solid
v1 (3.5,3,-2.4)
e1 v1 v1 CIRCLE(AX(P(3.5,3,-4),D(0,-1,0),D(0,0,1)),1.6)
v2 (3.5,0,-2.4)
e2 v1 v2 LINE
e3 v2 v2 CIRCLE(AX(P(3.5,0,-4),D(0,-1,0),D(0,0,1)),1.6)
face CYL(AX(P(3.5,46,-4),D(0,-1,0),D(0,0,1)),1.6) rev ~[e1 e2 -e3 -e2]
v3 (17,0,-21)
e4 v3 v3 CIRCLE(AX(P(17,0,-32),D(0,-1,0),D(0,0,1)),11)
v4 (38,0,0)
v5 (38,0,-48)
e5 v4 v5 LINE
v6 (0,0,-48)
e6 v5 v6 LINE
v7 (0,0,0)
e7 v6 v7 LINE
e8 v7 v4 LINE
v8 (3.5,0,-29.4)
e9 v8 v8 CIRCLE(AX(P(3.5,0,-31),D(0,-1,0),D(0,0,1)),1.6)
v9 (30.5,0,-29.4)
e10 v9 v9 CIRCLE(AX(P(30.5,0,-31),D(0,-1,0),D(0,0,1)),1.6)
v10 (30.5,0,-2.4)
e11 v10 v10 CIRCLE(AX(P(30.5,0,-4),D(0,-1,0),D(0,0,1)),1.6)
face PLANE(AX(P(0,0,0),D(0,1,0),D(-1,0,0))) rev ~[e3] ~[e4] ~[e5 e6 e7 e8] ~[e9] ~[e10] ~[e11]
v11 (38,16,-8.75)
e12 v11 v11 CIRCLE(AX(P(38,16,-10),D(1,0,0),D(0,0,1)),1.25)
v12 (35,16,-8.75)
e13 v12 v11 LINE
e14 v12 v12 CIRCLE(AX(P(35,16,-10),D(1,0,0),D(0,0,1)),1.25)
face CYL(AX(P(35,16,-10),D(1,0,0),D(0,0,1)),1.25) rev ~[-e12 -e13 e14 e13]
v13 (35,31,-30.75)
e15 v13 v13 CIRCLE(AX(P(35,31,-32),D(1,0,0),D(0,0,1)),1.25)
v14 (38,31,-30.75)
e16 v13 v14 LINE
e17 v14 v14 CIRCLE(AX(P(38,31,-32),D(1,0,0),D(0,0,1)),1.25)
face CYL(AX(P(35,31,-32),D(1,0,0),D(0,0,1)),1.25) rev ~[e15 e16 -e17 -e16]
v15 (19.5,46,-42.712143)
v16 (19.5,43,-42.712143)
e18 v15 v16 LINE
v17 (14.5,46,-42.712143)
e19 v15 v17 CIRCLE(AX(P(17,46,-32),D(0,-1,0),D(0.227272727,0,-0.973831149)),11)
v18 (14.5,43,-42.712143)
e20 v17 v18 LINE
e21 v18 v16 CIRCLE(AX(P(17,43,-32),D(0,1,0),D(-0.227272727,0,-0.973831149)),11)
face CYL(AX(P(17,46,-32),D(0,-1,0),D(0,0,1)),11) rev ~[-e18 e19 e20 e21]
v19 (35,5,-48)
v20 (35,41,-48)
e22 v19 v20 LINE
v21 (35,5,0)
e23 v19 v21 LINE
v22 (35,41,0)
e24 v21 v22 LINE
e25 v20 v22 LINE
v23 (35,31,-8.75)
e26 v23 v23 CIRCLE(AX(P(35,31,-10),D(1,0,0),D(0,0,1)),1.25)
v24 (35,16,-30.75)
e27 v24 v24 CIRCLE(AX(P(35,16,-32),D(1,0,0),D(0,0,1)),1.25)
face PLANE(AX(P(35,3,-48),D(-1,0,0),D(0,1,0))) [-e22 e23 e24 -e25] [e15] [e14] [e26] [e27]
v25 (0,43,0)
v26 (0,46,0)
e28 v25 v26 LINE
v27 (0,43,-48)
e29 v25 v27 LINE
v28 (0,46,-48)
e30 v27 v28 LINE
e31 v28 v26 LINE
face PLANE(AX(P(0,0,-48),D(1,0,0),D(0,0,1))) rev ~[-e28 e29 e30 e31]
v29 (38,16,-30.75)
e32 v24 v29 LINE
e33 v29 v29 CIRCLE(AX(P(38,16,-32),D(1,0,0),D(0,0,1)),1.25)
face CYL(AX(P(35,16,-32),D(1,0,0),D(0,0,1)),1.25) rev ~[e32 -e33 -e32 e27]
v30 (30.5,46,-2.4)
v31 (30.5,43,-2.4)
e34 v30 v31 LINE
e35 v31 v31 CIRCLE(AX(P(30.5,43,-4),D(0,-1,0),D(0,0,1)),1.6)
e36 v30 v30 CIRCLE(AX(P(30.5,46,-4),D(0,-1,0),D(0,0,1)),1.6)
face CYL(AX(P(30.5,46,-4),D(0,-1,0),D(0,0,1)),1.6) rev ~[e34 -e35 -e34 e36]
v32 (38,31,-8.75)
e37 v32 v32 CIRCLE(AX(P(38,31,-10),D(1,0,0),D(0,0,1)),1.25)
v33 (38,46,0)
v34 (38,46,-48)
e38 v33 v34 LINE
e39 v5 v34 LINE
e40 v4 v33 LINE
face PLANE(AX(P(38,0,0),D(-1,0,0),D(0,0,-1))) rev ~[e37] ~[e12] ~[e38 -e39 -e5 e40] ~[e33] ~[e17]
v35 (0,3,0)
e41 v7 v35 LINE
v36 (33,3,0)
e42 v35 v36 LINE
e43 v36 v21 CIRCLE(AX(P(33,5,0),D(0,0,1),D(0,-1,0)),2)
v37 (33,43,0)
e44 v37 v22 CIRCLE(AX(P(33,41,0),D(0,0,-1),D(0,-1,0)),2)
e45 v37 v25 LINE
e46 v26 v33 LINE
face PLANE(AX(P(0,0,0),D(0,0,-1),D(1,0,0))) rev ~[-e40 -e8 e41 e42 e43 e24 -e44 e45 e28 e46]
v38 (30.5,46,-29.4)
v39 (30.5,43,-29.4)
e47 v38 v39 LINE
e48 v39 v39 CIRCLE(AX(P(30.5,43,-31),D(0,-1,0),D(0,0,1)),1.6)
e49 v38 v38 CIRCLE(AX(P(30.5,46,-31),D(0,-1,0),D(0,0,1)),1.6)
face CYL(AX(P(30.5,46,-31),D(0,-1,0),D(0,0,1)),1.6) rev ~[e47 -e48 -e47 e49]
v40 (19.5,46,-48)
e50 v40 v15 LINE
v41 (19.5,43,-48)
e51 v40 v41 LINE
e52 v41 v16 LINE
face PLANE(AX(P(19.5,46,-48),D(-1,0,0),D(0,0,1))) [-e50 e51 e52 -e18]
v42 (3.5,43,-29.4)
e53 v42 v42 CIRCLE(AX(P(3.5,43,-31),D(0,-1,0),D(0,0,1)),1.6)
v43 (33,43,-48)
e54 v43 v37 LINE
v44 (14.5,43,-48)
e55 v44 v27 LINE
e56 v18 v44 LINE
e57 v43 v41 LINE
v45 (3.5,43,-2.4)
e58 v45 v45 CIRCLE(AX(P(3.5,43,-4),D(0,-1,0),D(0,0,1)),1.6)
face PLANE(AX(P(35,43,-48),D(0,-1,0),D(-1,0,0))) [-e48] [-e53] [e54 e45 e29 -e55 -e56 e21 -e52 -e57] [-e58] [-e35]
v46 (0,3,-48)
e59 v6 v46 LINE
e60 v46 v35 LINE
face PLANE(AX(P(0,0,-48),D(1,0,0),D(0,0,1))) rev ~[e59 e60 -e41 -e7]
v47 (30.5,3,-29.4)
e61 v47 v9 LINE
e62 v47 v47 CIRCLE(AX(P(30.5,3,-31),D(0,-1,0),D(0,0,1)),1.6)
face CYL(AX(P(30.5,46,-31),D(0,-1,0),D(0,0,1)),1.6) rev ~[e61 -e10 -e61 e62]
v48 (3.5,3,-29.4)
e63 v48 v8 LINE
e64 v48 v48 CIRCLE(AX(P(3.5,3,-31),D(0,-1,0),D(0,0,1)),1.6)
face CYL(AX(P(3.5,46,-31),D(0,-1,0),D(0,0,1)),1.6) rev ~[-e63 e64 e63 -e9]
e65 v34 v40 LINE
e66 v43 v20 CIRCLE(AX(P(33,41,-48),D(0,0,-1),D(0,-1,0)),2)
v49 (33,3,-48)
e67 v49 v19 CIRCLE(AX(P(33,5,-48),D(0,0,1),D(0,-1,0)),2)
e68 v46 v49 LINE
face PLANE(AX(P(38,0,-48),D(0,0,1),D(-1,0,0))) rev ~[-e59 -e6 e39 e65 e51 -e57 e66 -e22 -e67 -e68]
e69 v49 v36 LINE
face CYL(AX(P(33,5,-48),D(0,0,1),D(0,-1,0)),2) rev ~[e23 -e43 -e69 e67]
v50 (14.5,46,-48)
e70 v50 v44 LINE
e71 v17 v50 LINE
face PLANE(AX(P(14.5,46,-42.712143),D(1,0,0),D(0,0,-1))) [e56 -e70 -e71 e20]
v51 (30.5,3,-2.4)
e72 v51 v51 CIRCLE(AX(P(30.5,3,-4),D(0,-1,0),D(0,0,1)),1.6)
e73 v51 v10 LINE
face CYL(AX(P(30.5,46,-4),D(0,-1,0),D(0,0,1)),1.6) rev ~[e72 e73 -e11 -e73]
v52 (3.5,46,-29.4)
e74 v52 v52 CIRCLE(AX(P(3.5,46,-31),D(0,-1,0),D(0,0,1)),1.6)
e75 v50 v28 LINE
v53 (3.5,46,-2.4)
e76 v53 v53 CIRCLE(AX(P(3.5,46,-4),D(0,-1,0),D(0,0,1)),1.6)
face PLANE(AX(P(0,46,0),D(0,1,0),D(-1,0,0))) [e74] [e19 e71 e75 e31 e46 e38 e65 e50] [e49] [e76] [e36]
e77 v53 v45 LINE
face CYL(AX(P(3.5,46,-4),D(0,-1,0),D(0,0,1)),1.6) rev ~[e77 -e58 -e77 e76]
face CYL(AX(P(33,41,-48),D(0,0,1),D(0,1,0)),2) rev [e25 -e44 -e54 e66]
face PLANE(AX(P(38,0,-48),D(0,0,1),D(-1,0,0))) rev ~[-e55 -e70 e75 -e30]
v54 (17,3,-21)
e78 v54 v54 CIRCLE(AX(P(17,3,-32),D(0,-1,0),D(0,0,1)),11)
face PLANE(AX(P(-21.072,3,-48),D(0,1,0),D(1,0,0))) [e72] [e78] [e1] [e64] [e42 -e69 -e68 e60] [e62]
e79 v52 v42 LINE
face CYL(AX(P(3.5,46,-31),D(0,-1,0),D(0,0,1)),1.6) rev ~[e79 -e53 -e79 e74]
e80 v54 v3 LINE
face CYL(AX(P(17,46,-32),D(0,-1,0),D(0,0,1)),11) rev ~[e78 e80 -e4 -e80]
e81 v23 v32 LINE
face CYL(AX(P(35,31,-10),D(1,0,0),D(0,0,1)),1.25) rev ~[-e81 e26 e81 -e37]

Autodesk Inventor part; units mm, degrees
ref_plane "YZ Plane" through (0, 0, 0) normal (1, 0, 0) x (0, 1, 0)
ref_plane "XZ Plane" through (0, 0, 0) normal (0, 1, 0) x (-1, 0, 0)
ref_plane "XY Plane" through (0, 0, 0) normal (0, 0, 1) x (1, 0, 0)
sketch "スケッチ1" plane through (0, 0, 0) normal (0, 1, 0) x (-1, 0, 0)
  line L0 (0, 0) -> (-38, 0)
  line L1 (-38, 0) -> (-38, -48)
  line L2 (-38, -48) -> (0, -48)
  line L3 (0, -48) -> (0, 0)
  dimension "d0" = 48
  dimension "d1" = 38
extrude "押し出し1" add sketch "スケッチ1" along normal blind 46
sketch "スケッチ2" plane through (38, 0, -48) normal (0, 0, -1) x (-1, 0, 0)
  line L0 (3, 43) -> (59.072, 43)
  line L1 (59.072, 43) -> (59.072, 3)
  line L2 (59.072, 3) -> (3, 3)
  line L3 (3, 3) -> (3, 43)
  line L4 (0, 46) -> (38, 46) projected
  line L5 (0, 0) -> (38, 0) projected
  line L6 (0, 0) -> (0, 46) projected
  dimension "d4" = 40
  dimension "d6" = 3
  dimension "d7" = 3
extrude "押し出し2" cut sketch "スケッチ2" against normal blind 100
sketch "スケッチ3" plane through (0, 46, 0) normal (0, 1, 0) x (1, 0, 0)
  line L0 (38, 48) -> (0, 48) projected
  line L1 (38, 0) -> (38, 48) projected
  point P0 (0, 0)
  point P1 (17, 32)
  dimension "d10" = 16
  dimension "d11" = 21
hole "穴1" at (17, 46, -32) direction (0, -1, 0) diameter 22 end through all
sketch "スケッチ4" plane through (0, 46, 0) normal (0, 1, 0) x (1, 0, 0)
  line L0 (0, 0) -> (38, 0) projected
  line L1 (38, 0) -> (38, 48) projected
  point P0 (30.5, 4)
  point P1 (30.5, 31)
  point P2 (3.5, 4)
  point P3 (3.5, 31)
  point P4 (3.5, 4)
  dimension "d19" = 4
  dimension "d20" = 7.5
  dimension "d23" = 27
  dimension "d26" = 27
hole "穴2" at (30.5, 46, -4) at (30.5, 46, -31) at (3.5, 46, -31) at (3.5, 46, -4) direction (0, -1, 0) diameter 3.2 end through all
sketch "スケッチ6" plane through (38, 0, 0) normal (1, 0, 0) x (0, 0, -1)
  line L0 (0, 46) -> (48, 46) projected
  line L1 (0, 0) -> (0, 46) projected
  point P0 (10, 31)
  point P1 (32, 31)
  point P2 (10, 16)
  point P3 (32, 16)
  dimension "d45" = 15
  dimension "d46" = 10
  dimension "d49" = 22
  dimension "d52" = 15
fillet "フィレット1" radius 2 2 edges at (35, 3, -24) (35, 43, -24)
sketch "スケッチ8" plane through (35, 5, -48) normal (-1, 0, 0) x (0, 0, 1)
  line L0 (16, 11) -> (38, 11)
  line L1 (38, 11) -> (38, 26)
  line L2 (38, 26) -> (16, 26)
  line L3 (16, 26) -> (16, 11)
  line L4 (48, 36) -> (48, 0) projected
  line L5 (48, 41) -> (0, 41) projected
  point P0 (48, -5)
  dimension "d73" = 10
  dimension "d74" = 22
  dimension "d75" = 15
  dimension "d76" = 15
hole "穴5" at (35, 16, -10) at (35, 16, -32) at (35, 31, -32) at (35, 31, -10) direction (1, 0, 0) diameter 2.5 end through all
sketch "スケッチ9" plane through (0, 46, 0) normal (0, 1, 0) x (1, 0, 0)
  line L0 (0, 48) -> (33, 48) projected
  line L1 (14.5, 48) -> (19.5, 48)
  line L2 (19.5, 48) -> (19.5, 38.0378)
  line L3 (19.5, 38.0378) -> (14.5, 38.0378)
  line L4 (14.5, 38.0378) -> (14.5, 48)
  circle A0 centre (17, 32) radius 11 projected
  point P0 (0, 0)
  point P1 (14.5, 42.7121)
  point P2 (19.5, 42.7121)
  dimension "d84" = 5
  dimension "d85" = 2.5
extrude "押し出し4" cut sketch "スケッチ9" against normal blind 3 contours L0 L2 A0 L4
properties part number "サーボモータ固定２軸"
